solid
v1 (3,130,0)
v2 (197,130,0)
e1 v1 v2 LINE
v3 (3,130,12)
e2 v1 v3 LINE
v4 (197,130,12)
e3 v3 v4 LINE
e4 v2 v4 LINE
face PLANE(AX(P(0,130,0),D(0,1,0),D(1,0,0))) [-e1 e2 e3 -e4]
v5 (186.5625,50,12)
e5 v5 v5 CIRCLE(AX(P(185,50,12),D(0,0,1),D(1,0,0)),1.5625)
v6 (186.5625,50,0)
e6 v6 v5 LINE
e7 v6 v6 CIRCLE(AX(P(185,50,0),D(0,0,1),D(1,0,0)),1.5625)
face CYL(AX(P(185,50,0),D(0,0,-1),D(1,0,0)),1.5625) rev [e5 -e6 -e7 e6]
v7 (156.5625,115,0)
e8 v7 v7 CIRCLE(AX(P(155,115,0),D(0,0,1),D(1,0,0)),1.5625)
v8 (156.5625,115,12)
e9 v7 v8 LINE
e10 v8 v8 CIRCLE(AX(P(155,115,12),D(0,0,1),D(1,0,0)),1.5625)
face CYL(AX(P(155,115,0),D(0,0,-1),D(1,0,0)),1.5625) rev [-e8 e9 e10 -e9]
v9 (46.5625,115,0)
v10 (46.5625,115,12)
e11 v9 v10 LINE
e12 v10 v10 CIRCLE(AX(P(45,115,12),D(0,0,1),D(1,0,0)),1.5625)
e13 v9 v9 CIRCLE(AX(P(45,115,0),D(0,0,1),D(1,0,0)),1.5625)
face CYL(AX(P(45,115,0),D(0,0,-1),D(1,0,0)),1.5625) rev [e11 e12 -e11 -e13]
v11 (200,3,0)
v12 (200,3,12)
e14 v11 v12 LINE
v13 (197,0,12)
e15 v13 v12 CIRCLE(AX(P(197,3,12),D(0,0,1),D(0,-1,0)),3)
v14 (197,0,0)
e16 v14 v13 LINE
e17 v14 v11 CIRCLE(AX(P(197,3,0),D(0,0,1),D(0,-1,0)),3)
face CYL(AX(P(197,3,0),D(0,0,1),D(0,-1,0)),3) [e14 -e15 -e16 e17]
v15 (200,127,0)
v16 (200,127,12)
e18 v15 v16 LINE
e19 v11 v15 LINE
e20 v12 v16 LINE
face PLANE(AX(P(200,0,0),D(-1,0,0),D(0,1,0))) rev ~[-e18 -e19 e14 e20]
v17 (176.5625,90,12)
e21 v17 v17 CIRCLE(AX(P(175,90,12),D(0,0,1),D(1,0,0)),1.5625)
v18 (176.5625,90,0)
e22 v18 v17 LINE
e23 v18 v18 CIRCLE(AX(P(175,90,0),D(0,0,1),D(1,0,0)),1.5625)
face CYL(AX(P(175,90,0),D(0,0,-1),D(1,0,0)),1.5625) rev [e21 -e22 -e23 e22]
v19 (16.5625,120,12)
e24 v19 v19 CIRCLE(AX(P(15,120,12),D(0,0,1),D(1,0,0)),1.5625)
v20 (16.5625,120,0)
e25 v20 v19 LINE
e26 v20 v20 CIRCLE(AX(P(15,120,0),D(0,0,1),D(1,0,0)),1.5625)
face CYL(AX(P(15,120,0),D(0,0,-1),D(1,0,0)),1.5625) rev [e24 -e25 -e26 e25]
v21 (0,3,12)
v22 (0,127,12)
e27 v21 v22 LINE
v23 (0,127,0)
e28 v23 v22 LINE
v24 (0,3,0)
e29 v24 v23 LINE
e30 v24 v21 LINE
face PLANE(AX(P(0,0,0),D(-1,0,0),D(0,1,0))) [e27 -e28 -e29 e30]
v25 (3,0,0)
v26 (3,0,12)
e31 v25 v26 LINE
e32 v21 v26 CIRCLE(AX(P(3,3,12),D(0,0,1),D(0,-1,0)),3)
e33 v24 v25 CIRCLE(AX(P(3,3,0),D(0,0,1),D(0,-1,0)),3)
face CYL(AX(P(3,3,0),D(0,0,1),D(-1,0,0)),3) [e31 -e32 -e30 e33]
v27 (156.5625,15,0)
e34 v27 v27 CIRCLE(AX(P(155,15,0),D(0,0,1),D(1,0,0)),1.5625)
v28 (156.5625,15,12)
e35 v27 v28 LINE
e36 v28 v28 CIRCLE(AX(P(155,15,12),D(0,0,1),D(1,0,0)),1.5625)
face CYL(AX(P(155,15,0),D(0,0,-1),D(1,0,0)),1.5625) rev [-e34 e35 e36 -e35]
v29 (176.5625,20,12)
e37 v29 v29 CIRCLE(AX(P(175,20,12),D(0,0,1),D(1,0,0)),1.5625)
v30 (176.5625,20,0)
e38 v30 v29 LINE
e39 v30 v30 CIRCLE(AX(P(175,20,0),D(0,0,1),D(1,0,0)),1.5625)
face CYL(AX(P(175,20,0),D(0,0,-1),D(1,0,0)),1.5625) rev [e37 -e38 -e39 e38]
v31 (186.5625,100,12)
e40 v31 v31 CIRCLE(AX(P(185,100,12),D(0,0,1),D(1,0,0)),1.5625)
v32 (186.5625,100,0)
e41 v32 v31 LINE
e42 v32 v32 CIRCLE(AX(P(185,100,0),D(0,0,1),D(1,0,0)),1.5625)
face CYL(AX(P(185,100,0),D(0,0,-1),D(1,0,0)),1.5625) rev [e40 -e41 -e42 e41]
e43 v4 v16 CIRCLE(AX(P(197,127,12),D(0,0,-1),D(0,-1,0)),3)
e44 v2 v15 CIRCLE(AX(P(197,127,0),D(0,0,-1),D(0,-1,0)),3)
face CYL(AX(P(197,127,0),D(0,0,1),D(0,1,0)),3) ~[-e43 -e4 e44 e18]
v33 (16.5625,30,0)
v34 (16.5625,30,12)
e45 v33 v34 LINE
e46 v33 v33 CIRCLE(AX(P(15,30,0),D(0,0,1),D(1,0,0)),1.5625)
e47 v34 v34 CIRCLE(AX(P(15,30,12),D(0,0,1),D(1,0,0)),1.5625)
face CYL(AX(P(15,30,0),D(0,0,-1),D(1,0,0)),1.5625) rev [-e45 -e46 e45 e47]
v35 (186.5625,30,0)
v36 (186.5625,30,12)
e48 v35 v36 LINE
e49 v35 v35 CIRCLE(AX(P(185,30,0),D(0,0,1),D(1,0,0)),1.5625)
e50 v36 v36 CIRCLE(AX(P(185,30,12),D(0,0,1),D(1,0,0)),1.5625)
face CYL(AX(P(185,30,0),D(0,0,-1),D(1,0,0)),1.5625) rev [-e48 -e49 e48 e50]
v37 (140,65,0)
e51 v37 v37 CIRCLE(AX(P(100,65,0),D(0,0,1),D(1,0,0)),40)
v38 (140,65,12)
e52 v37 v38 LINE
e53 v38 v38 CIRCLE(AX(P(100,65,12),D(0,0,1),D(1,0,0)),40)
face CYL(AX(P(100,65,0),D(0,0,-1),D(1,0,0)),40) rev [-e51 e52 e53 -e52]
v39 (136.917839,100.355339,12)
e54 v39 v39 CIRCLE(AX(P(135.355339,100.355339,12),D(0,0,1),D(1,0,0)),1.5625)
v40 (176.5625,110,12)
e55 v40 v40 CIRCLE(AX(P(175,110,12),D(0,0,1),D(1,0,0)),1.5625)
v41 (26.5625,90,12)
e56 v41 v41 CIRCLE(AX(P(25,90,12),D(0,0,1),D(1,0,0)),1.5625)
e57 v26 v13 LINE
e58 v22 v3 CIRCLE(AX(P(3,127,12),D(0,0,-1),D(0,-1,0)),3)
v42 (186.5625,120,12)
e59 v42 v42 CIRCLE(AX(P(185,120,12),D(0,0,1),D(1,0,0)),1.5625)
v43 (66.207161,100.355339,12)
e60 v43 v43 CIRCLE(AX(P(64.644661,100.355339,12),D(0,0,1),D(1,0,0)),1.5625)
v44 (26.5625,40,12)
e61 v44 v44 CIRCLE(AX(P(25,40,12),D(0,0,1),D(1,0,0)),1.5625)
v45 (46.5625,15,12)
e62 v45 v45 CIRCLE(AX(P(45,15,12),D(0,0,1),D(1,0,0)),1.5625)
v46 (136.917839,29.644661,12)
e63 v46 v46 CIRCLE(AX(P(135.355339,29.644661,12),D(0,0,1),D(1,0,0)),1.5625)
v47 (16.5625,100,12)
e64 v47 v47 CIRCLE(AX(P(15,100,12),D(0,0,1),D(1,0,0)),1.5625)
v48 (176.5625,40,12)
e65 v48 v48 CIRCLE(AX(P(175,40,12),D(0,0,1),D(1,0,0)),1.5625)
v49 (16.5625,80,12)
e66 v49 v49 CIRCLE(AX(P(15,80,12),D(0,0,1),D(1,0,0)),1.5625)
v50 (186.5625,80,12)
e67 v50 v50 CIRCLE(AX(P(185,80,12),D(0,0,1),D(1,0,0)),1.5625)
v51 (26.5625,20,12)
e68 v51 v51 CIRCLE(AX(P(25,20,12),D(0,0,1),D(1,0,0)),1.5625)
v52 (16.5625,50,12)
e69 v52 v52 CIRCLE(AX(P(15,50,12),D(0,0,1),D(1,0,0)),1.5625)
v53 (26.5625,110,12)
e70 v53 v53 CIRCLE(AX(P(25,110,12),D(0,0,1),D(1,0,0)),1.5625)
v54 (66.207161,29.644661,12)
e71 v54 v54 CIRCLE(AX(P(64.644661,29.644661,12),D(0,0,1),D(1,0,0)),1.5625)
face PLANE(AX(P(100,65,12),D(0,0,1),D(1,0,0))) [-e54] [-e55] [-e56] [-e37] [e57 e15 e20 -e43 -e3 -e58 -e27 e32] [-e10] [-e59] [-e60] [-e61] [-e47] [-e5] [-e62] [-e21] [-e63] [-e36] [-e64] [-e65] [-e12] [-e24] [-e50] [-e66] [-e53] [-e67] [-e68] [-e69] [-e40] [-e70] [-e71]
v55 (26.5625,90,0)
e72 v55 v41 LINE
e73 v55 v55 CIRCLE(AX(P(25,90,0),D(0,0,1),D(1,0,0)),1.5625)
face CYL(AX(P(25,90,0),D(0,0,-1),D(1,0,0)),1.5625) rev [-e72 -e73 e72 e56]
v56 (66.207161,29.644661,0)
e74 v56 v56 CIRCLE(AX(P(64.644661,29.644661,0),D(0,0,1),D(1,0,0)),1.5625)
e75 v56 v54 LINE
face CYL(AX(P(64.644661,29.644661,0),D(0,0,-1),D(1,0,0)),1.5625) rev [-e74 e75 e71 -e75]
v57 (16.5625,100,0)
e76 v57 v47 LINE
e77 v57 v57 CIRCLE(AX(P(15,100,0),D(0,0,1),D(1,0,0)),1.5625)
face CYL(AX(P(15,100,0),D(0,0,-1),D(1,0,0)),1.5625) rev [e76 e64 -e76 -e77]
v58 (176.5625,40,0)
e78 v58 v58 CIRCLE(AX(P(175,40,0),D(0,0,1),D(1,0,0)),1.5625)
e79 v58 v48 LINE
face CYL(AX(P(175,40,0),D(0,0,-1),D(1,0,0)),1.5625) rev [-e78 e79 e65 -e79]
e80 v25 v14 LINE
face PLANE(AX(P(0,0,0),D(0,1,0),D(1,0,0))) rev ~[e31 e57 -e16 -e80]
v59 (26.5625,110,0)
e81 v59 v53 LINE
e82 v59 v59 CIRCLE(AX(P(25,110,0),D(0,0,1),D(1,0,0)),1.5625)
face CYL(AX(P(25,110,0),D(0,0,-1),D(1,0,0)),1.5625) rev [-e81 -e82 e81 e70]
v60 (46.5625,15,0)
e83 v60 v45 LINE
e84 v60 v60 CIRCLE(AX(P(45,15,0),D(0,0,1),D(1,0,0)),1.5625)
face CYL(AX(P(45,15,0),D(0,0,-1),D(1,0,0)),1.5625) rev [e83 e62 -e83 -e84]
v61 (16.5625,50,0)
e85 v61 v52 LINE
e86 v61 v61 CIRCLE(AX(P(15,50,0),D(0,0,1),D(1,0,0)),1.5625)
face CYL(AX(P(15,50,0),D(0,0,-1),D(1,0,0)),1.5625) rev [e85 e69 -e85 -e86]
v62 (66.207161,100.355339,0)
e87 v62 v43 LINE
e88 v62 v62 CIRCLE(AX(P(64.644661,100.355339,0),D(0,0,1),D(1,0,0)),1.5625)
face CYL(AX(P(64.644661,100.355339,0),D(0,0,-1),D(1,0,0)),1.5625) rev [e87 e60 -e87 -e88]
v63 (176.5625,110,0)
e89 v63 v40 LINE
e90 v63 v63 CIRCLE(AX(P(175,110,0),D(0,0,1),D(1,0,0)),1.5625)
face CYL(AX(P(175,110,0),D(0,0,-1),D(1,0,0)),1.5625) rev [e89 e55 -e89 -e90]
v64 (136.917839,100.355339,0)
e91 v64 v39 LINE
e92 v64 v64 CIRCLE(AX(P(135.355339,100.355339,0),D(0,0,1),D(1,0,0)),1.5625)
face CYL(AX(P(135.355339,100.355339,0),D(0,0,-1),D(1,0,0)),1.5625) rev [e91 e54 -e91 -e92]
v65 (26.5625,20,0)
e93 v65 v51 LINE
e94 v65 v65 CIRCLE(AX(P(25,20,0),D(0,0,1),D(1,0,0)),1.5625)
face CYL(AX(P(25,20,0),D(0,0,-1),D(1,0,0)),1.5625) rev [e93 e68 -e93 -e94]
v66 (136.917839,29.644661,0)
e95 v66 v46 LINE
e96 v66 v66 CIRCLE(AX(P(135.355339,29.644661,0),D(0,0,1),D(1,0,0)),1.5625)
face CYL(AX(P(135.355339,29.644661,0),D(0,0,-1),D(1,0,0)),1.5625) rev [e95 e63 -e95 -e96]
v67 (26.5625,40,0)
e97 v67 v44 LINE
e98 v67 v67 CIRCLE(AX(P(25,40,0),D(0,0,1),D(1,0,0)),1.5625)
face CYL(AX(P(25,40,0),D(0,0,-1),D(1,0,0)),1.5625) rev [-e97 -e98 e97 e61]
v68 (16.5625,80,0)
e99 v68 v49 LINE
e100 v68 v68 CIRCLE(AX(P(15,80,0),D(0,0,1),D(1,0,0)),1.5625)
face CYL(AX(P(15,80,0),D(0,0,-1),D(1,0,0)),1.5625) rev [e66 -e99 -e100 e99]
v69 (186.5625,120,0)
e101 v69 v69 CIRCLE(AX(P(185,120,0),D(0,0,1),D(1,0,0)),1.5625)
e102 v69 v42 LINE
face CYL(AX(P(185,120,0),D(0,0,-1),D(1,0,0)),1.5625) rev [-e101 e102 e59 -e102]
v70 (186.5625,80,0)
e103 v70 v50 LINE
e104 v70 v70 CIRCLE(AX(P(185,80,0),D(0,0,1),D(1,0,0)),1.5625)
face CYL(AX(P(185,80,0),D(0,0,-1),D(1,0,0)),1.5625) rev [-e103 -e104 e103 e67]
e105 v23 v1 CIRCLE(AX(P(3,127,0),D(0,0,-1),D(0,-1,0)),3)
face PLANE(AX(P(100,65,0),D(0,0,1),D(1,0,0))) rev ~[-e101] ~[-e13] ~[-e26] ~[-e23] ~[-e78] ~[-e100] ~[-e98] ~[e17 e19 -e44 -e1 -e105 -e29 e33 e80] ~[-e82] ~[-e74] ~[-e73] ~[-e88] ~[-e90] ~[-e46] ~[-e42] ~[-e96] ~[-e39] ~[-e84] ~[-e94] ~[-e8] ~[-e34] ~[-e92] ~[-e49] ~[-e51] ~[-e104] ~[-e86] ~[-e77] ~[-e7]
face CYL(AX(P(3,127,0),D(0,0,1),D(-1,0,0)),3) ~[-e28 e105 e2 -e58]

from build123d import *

# Parameters (mm, degrees)
SKETCH_W   = 200
SKETCH_H   = 130
SKETCH_R   = 40
SKETCH_R_2 = 1.5625
PAD_DEPTH  = 12
FILLET_R   = 3


with BuildPart() as part:
    # Sketch → Pad (new body)
    with BuildSketch(Plane.XY):
        with Locations((100, 65)):
            Rectangle(SKETCH_W, SKETCH_H)
        with Locations((100, 65)):
            Circle(SKETCH_R, mode=Mode.SUBTRACT)
        with Locations((45, 115)):
            Circle(SKETCH_R_2, mode=Mode.SUBTRACT)
        with Locations((45, 15)):
            Circle(SKETCH_R_2, mode=Mode.SUBTRACT)
        with Locations((155, 115)):
            Circle(SKETCH_R_2, mode=Mode.SUBTRACT)
        with Locations((155, 15)):
            Circle(SKETCH_R_2, mode=Mode.SUBTRACT)
        with Locations((185, 30)):
            Circle(SKETCH_R_2, mode=Mode.SUBTRACT)
        with Locations((135.355339, 100.355339)):
            Circle(SKETCH_R_2, mode=Mode.SUBTRACT)
        with Locations((64.644661, 29.644661)):
            Circle(SKETCH_R_2, mode=Mode.SUBTRACT)
        with Locations((64.644661, 100.355339)):
            Circle(SKETCH_R_2, mode=Mode.SUBTRACT)
        with Locations((135.355339, 29.644661)):
            Circle(SKETCH_R_2, mode=Mode.SUBTRACT)
        with Locations((175, 20)):
            Circle(SKETCH_R_2, mode=Mode.SUBTRACT)
        with Locations((175, 40)):
            Circle(SKETCH_R_2, mode=Mode.SUBTRACT)
        with Locations((185, 50)):
            Circle(SKETCH_R_2, mode=Mode.SUBTRACT)
        with Locations((175, 90)):
            Circle(SKETCH_R_2, mode=Mode.SUBTRACT)
        with Locations((175, 110)):
            Circle(SKETCH_R_2, mode=Mode.SUBTRACT)
        with Locations((185, 80)):
            Circle(SKETCH_R_2, mode=Mode.SUBTRACT)
        with Locations((185, 100)):
            Circle(SKETCH_R_2, mode=Mode.SUBTRACT)
        with Locations((15, 30)):
            Circle(SKETCH_R_2, mode=Mode.SUBTRACT)
        with Locations((25, 20)):
            Circle(SKETCH_R_2, mode=Mode.SUBTRACT)
        with Locations((25, 40)):
            Circle(SKETCH_R_2, mode=Mode.SUBTRACT)
        with Locations((15, 50)):
            Circle(SKETCH_R_2, mode=Mode.SUBTRACT)
        with Locations((25, 90)):
            Circle(SKETCH_R_2, mode=Mode.SUBTRACT)
        with Locations((25, 110)):
            Circle(SKETCH_R_2, mode=Mode.SUBTRACT)
        with Locations((15, 80)):
            Circle(SKETCH_R_2, mode=Mode.SUBTRACT)
        with Locations((15, 100)):
            Circle(SKETCH_R_2, mode=Mode.SUBTRACT)
        with Locations((15, 120)):
            Circle(SKETCH_R_2, mode=Mode.SUBTRACT)
        with Locations((185, 120)):
            Circle(SKETCH_R_2, mode=Mode.SUBTRACT)
    extrude(amount=PAD_DEPTH)

    # Fillet
    fillet_edges = [part.edges().sort_by_distance(p)[0] for p in [
        (200, 130, 6),
        (0, 130, 6),
        (200, 0, 6),
        (0, 0, 6),
    ]]
    fillet(fillet_edges, radius=FILLET_R)


solid = part.part
